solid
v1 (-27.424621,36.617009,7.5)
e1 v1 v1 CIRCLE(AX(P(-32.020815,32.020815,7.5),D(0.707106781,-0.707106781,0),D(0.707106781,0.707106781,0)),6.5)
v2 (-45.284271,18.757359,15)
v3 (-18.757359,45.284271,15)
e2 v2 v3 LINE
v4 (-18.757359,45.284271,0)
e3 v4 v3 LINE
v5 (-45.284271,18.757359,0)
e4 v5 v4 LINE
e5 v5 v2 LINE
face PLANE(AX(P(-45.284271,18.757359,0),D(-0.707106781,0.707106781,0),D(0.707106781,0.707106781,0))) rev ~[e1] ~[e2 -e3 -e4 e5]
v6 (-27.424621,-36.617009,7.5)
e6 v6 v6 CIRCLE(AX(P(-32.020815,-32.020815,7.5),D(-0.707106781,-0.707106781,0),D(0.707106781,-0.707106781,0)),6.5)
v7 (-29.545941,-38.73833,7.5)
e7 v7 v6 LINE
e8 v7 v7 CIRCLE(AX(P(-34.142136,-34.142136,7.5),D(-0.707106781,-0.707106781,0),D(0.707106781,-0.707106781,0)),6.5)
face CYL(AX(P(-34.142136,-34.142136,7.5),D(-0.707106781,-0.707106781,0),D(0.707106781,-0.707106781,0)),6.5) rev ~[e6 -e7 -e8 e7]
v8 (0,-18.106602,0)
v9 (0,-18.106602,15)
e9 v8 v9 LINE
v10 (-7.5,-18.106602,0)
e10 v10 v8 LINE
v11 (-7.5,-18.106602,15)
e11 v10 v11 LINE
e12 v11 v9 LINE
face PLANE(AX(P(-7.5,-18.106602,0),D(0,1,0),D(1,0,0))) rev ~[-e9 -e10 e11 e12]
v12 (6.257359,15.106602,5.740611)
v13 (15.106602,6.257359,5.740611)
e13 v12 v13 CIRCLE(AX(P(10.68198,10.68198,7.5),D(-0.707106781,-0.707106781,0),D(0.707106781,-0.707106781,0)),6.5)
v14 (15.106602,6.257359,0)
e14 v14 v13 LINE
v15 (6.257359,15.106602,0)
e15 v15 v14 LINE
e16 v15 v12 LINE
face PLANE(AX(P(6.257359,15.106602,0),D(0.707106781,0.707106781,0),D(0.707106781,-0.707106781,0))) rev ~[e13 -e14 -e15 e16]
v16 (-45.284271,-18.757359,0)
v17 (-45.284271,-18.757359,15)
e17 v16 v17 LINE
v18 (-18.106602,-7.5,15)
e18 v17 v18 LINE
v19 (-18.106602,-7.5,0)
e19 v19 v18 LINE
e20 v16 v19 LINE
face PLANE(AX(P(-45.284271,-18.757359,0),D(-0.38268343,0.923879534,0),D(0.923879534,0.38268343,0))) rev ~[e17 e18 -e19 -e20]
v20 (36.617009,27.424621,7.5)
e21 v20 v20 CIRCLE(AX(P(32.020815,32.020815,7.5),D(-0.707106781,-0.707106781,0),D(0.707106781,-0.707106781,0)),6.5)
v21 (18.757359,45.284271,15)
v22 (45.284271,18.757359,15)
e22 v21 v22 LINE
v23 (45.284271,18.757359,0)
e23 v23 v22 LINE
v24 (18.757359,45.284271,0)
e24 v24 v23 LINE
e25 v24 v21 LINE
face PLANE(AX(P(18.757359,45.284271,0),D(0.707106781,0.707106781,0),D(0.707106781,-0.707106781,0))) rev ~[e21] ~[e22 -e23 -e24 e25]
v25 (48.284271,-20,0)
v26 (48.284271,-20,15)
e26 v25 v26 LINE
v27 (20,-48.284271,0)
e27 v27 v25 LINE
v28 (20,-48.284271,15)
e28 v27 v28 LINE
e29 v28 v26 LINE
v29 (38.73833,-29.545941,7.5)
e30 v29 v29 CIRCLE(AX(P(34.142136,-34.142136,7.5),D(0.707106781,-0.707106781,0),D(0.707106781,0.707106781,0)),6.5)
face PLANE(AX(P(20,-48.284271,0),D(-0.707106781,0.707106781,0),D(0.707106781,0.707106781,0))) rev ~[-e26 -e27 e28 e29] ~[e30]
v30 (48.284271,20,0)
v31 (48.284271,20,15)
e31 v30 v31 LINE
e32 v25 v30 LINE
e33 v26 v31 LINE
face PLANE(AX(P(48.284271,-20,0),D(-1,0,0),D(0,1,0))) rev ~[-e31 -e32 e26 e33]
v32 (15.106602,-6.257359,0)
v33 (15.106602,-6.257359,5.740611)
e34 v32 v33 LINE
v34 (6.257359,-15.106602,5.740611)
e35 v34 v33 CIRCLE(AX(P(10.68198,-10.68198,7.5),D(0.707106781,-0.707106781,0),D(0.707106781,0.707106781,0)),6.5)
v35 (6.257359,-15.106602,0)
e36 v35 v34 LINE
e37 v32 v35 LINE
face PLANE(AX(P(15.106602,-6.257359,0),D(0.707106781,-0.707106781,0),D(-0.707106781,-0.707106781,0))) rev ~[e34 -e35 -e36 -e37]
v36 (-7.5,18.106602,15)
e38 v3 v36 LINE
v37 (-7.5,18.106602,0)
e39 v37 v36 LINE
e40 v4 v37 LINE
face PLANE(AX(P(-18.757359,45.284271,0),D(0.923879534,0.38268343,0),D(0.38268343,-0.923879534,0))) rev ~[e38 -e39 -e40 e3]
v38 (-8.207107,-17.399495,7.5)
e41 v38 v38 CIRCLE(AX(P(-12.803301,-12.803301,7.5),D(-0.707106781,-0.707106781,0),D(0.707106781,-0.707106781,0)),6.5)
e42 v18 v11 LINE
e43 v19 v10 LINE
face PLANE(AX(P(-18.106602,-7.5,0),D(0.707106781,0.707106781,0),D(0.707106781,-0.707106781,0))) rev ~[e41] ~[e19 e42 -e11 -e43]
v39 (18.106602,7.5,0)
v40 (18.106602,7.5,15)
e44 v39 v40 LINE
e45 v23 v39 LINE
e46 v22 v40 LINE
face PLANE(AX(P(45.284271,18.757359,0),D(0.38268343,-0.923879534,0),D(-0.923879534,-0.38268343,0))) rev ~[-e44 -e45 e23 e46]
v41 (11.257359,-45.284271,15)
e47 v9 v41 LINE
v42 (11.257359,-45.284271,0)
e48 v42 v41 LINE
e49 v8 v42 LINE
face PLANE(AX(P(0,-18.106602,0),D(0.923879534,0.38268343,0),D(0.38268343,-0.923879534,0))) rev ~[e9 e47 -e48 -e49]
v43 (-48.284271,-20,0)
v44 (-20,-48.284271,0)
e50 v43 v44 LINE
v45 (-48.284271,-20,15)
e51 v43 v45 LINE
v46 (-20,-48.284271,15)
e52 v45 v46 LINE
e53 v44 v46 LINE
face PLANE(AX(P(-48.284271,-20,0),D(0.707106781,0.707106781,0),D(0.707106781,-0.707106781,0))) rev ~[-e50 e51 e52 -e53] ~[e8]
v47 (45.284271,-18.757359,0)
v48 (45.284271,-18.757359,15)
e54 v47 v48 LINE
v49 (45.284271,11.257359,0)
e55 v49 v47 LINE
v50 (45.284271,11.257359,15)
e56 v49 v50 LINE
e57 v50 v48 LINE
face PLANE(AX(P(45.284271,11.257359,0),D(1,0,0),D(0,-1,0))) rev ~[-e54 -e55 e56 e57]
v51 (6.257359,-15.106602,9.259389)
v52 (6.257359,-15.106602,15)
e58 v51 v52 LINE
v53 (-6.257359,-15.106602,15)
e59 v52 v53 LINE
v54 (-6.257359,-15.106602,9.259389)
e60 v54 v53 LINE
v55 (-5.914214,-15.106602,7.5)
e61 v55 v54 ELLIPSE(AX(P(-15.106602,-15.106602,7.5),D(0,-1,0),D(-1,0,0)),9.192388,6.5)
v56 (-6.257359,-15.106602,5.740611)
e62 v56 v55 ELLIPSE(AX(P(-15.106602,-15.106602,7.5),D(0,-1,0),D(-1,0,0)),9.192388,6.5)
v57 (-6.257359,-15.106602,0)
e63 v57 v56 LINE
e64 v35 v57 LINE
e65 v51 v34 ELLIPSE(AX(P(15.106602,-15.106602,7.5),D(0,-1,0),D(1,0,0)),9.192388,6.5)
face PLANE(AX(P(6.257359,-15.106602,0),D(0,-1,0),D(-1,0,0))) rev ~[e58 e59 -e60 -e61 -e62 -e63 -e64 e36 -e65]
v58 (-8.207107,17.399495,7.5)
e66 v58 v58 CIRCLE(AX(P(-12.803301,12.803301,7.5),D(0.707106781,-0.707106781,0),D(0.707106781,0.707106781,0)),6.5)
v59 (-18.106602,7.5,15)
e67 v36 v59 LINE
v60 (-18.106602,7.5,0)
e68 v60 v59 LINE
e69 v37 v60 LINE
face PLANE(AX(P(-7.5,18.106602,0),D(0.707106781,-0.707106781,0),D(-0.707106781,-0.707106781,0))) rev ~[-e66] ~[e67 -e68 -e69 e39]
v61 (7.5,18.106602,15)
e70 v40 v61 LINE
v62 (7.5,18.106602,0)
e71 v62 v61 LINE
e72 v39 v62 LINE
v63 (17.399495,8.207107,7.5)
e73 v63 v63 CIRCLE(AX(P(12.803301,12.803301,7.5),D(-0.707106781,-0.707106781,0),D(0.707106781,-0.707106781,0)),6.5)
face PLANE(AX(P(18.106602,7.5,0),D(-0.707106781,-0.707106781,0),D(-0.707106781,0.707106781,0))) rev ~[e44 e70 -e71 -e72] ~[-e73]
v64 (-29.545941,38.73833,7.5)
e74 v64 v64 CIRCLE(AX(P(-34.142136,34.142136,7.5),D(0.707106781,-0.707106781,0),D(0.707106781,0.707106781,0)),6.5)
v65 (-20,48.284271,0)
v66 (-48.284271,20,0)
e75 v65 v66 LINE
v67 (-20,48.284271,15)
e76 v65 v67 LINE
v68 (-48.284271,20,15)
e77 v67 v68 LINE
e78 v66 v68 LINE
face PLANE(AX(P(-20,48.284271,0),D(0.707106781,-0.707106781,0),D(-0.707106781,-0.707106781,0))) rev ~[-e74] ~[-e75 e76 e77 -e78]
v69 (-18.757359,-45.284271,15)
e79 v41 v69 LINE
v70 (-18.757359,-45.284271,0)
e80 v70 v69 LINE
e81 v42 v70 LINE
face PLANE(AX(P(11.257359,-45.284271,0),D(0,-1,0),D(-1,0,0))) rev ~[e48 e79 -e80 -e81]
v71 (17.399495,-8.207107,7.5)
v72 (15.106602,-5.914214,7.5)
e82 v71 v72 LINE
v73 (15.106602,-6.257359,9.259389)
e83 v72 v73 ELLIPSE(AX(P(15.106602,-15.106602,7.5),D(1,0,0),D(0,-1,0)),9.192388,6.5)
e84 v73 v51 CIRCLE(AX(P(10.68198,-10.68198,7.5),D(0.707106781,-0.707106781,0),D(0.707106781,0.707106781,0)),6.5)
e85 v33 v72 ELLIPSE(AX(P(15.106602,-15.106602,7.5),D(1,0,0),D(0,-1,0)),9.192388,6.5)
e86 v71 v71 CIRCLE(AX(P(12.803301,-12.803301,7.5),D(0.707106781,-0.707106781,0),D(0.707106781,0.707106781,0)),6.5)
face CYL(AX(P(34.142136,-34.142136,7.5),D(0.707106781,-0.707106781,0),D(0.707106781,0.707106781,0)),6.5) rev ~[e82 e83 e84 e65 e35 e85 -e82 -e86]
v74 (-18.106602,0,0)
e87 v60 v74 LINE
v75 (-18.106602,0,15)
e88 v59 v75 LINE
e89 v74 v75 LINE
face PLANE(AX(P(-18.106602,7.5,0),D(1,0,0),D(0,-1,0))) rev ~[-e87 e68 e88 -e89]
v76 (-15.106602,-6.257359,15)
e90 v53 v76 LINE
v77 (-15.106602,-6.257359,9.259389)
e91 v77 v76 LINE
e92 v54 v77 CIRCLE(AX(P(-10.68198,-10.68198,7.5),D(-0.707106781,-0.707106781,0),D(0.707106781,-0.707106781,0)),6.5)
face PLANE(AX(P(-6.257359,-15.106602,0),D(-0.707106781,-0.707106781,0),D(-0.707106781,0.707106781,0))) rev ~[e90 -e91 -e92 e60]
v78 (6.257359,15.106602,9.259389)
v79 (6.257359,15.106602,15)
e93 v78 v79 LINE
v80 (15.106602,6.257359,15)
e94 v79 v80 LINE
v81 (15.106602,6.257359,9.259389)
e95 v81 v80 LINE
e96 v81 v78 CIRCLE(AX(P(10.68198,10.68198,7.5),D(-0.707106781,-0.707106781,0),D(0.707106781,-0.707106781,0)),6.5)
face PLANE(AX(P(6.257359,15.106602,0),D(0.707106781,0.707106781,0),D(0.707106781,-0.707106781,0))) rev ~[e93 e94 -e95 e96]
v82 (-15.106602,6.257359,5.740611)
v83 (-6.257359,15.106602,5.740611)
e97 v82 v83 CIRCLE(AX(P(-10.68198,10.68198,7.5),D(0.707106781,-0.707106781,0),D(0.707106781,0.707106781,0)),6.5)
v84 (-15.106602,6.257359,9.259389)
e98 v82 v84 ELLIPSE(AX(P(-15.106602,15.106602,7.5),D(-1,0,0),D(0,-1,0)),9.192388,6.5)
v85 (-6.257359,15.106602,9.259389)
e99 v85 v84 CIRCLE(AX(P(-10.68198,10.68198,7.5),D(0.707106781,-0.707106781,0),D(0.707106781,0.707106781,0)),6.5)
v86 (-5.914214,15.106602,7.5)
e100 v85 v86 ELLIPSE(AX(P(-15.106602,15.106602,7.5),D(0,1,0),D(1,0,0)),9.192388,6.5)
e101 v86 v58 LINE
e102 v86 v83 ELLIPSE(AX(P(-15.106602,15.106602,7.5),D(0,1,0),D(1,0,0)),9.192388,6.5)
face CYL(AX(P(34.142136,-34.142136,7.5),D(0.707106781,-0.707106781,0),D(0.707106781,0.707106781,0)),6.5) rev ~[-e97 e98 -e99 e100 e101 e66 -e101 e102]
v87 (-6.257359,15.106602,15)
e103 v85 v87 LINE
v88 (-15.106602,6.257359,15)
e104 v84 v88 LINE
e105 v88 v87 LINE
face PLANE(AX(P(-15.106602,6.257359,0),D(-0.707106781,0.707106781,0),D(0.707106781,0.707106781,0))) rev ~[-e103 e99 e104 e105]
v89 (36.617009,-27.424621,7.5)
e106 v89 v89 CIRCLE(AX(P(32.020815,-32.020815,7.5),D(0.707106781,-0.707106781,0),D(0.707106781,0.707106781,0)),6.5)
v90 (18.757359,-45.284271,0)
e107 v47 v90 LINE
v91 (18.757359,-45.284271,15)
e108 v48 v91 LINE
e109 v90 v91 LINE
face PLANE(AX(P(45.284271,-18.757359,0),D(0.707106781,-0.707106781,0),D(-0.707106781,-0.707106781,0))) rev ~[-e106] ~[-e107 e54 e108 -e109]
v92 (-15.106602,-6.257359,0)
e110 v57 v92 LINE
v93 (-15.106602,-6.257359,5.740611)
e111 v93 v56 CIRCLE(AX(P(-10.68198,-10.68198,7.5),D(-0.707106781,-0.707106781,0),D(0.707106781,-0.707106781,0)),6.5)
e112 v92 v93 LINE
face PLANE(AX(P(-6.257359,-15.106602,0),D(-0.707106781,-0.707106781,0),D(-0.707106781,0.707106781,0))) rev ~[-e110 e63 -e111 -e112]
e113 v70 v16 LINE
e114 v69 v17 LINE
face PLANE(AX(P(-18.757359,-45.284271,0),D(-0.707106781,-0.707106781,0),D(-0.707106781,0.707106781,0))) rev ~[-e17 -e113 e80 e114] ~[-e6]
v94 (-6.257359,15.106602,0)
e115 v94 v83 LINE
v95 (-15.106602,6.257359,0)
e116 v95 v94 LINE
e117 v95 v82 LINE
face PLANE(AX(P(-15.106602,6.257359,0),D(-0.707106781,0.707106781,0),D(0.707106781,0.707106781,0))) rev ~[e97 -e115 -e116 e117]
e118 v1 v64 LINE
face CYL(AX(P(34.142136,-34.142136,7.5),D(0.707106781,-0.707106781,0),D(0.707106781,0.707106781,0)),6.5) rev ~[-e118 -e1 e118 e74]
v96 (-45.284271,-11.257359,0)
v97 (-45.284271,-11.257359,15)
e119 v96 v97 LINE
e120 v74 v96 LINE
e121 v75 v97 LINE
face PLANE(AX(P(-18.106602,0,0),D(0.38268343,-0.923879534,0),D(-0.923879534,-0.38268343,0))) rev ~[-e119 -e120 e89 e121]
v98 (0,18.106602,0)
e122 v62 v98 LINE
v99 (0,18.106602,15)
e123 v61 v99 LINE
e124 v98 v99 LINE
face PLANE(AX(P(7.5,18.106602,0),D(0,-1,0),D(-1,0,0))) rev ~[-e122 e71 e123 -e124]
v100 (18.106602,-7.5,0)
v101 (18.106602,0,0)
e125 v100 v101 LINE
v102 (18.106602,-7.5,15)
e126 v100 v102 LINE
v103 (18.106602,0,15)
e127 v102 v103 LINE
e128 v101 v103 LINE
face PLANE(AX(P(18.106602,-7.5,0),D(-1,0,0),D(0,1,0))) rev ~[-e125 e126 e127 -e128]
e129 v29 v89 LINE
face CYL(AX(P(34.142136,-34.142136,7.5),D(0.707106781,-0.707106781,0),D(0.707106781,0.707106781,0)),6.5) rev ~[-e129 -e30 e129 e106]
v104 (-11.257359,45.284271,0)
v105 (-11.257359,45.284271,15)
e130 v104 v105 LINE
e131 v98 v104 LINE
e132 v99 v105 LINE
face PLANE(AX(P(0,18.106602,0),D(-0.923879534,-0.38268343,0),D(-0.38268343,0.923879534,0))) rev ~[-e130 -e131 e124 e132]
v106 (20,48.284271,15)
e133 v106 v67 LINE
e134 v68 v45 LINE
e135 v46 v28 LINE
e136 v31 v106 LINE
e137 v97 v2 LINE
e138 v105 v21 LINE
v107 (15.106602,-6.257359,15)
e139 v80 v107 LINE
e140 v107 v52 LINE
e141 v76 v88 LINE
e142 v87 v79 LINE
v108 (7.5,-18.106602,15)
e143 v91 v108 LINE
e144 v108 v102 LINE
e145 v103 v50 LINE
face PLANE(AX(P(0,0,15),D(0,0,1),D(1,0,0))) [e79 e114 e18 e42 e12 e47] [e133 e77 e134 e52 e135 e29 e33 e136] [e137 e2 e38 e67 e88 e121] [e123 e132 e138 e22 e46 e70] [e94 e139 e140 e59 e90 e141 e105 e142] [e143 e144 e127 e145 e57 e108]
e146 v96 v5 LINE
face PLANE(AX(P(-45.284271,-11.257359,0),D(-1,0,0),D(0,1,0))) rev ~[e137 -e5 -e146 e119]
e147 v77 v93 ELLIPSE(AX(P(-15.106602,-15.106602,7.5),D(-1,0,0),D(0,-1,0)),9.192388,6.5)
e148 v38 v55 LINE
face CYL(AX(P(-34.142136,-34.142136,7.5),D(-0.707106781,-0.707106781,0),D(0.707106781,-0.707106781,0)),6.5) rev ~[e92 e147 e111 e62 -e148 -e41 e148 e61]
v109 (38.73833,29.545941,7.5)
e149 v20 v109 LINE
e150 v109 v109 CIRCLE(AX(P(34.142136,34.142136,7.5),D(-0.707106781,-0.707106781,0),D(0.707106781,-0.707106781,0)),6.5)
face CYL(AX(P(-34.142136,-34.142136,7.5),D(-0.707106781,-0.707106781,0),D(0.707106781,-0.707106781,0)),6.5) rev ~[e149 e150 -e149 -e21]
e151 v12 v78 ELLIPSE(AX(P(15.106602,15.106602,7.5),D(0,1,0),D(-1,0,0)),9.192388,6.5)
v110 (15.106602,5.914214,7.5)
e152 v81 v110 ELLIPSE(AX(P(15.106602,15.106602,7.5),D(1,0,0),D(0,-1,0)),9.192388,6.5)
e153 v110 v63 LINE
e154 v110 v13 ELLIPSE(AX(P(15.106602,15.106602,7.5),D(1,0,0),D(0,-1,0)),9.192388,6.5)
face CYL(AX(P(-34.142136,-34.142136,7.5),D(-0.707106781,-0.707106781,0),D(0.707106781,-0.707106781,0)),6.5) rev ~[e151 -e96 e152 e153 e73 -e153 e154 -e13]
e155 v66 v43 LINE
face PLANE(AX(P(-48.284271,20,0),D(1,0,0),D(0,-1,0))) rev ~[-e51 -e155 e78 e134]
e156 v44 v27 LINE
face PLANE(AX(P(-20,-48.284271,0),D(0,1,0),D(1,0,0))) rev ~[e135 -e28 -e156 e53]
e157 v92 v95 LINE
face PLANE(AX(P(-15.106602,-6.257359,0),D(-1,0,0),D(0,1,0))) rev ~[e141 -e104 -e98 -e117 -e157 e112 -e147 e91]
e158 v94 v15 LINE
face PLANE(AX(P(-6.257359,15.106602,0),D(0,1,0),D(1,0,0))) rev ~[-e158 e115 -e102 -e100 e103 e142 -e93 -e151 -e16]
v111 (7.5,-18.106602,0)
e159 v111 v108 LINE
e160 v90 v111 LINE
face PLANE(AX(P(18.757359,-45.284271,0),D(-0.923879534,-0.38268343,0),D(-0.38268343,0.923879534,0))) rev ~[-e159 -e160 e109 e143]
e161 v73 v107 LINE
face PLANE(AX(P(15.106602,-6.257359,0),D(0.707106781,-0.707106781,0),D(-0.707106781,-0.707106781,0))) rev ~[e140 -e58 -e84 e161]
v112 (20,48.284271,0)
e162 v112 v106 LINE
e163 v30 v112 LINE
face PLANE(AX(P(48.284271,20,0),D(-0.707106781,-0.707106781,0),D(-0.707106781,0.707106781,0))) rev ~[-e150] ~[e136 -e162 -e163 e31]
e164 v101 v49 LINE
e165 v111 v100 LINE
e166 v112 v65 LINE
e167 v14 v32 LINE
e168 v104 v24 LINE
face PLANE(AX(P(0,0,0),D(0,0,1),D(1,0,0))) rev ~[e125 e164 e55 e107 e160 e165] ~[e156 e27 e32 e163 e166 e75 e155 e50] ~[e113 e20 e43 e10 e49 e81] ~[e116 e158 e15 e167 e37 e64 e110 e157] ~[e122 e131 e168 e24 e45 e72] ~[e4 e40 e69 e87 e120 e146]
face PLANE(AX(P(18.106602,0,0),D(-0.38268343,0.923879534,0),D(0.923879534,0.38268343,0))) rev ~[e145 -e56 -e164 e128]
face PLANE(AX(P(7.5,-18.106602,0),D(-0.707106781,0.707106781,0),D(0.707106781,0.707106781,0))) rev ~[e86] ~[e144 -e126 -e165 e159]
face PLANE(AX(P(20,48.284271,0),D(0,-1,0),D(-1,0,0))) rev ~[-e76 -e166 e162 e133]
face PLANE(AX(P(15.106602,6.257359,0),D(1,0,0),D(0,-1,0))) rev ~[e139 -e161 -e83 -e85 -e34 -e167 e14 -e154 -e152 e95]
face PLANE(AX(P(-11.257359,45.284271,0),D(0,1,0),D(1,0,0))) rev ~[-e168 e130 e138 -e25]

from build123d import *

# Parameters (mm, degrees)
F1_DEPTH = 15
F2_R     = 6.5
F3_DEPTH = 116.569542
F4_R     = 6.5
F5_DEPTH = 116.569542


with BuildPart() as f1:
    # F0 (on Top) → F1 (new body)
    with BuildSketch(Plane.XY):
        Polygon((-48.284271, 20), (-48.284271, -20), (-20, -48.284271), (20, -48.284271), (48.284271, -20), (48.284271, 20), (20, 48.284271), (-20, 48.284271), align=None)
        Polygon((-18.757359, -45.284271), (-45.284271, -18.757359), (-45.284271, -11.257359), (-45.284271, 18.757359), (-18.757359, 45.284271), (-11.257359, 45.284271), (18.757359, 45.284271), (45.284271, 18.757359), (45.284271, 11.257359), (45.284271, -18.757359), (18.757359, -45.284271), (11.257359, -45.284271), align=None, mode=Mode.SUBTRACT)
        Polygon((-18.106602, 0), (-18.106602, -7.5), (-7.5, -18.106602), (0, -18.106602), (7.5, -18.106602), (18.106602, -7.5), (18.106602, 0), (18.106602, 7.5), (7.5, 18.106602), (0, 18.106602), (-7.5, 18.106602), (-18.106602, 7.5), align=None)
        Polygon((-6.257359, -15.106602), (-15.106602, -6.257359), (-15.106602, 6.257359), (-6.257359, 15.106602), (6.257359, 15.106602), (15.106602, 6.257359), (15.106602, -6.257359), (6.257359, -15.106602), align=None, mode=Mode.SUBTRACT)
        Polygon((-45.284271, -11.257359), (-45.284271, -18.757359), (-18.106602, -7.5), (-18.106602, 0), align=None)
        Polygon((-11.257359, 45.284271), (-18.757359, 45.284271), (-7.5, 18.106602), (0, 18.106602), align=None)
        Polygon((18.106602, 0), (45.284271, 11.257359), (45.284271, 18.757359), (18.106602, 7.5), align=None)
        Polygon((0, -18.106602), (11.257359, -45.284271), (18.757359, -45.284271), (7.5, -18.106602), align=None)
    extrude(amount=F1_DEPTH)

    # F2 (on face) → F3 (cut, through all)
    with BuildSketch(Plane(origin=(34.142136, -34.142136, 0), x_dir=(0.707107, 0.707107, 0), z_dir=(0.707107, -0.707107, 0))):
        with Locations((0, 7.5)):
            Circle(F2_R)
    extrude(amount=-F3_DEPTH, mode=Mode.SUBTRACT)

    # F4 (on face) → F5 (cut, through all)
    with BuildSketch(Plane(origin=(-34.142136, -34.142136, 0), x_dir=(0.707107, -0.707107, 0), z_dir=(-0.707107, -0.707107, 0))):
        with Locations((0, 7.5)):
            Circle(F4_R)
    extrude(amount=-F5_DEPTH, mode=Mode.SUBTRACT)


solid = f1.part
